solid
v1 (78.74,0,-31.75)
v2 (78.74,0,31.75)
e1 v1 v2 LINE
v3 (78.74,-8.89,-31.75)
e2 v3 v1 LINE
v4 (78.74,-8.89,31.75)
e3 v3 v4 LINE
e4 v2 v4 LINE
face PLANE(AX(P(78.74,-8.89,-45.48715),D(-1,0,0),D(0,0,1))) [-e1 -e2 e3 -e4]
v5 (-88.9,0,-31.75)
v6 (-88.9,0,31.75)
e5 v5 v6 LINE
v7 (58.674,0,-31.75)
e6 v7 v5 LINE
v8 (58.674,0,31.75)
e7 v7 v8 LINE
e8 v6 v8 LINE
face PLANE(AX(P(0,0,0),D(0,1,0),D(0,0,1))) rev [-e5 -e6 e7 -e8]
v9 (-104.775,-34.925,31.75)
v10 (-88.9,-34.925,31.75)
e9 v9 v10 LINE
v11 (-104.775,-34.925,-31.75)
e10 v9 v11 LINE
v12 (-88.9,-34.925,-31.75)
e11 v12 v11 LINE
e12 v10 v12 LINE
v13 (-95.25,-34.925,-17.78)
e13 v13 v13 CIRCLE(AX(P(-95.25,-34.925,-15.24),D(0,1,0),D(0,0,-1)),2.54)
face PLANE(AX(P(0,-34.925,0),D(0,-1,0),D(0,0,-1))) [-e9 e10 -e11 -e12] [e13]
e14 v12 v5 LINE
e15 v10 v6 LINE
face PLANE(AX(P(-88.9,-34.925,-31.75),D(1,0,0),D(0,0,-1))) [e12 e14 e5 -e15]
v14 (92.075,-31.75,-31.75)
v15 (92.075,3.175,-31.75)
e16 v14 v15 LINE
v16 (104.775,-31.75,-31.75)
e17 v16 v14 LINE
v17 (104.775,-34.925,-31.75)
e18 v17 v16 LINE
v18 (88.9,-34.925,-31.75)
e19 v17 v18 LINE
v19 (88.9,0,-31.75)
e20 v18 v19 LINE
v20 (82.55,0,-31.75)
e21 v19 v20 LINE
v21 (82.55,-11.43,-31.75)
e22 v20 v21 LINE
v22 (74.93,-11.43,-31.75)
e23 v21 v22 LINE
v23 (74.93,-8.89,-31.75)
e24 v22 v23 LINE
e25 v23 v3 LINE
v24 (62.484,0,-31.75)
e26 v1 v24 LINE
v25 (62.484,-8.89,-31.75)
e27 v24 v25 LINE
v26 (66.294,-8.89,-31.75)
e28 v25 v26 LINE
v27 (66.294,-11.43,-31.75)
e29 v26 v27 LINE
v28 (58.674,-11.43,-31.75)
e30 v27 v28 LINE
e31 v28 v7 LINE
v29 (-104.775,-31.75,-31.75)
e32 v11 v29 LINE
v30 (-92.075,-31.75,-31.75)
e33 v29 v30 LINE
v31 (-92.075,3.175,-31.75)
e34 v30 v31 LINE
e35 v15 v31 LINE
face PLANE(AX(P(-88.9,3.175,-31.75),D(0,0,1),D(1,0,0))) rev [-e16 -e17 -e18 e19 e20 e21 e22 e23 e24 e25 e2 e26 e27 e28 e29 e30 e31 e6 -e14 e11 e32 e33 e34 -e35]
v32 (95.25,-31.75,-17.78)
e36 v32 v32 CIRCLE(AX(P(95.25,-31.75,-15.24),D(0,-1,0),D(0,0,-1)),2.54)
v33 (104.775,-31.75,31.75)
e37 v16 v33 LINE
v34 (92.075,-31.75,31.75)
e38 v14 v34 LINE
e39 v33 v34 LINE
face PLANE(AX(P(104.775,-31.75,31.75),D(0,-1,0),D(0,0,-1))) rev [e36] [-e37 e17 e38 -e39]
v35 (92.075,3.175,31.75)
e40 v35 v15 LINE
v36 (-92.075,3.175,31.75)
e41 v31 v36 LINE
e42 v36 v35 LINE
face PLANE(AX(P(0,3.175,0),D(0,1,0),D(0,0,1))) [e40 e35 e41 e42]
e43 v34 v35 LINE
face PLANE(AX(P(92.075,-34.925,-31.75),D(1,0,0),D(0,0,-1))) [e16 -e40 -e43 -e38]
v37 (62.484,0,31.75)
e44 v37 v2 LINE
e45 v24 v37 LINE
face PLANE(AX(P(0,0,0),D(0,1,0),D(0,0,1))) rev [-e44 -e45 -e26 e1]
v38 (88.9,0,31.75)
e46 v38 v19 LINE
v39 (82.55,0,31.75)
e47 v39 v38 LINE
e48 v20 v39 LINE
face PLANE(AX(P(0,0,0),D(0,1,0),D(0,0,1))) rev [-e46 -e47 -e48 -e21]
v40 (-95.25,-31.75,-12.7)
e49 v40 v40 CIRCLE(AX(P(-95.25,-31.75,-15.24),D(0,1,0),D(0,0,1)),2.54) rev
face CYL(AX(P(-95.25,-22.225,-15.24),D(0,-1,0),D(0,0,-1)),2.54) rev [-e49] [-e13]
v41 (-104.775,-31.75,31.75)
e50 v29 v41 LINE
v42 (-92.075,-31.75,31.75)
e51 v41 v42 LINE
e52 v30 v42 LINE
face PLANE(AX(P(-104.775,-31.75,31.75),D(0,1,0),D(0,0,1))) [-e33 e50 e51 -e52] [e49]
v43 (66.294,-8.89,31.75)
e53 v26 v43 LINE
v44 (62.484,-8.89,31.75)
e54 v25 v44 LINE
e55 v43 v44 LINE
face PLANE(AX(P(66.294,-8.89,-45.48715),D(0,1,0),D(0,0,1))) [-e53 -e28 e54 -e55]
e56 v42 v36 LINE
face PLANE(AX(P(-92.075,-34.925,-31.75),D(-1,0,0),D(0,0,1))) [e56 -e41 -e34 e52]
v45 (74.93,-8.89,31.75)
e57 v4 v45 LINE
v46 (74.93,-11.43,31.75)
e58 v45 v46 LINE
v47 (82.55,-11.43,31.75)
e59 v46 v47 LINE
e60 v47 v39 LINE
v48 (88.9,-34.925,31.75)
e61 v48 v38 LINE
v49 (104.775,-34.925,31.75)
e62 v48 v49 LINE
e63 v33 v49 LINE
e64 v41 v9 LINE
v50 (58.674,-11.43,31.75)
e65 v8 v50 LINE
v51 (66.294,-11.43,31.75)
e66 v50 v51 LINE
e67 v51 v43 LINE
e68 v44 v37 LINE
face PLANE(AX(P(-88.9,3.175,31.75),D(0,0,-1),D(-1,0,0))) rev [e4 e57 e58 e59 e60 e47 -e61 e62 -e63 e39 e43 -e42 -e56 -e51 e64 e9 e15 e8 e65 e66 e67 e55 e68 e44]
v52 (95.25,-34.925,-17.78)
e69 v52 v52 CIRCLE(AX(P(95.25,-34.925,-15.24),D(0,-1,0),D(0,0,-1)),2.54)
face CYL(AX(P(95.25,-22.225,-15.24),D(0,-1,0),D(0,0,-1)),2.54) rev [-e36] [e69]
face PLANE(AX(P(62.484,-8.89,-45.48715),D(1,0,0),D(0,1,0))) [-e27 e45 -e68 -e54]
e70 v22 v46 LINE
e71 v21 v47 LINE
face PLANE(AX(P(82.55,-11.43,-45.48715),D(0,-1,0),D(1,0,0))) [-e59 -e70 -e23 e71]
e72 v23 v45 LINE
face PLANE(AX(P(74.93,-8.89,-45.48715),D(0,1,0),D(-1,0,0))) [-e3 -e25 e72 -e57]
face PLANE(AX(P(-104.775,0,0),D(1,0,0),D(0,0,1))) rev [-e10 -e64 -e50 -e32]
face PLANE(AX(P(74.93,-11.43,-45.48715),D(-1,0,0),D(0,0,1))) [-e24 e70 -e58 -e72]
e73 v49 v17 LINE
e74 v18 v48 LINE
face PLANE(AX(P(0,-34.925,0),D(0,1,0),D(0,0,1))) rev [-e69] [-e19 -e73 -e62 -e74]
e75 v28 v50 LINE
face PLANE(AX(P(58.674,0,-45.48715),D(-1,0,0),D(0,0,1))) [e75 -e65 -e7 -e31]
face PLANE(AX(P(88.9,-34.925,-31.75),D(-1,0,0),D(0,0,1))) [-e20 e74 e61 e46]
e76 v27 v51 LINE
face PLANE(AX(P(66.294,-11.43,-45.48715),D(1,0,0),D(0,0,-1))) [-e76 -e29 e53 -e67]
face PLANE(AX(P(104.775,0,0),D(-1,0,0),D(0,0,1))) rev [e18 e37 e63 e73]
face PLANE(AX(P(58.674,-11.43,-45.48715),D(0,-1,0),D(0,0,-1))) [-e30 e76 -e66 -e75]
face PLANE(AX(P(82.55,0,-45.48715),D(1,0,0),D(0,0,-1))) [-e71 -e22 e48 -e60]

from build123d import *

# Parameters (mm, degrees)
SKETCH1_W           = 177.8
SKETCH1_H           = 63.5
BOSS_EXTRUDE1_DEPTH = 3.175
SKETCH3_W           = 3.175
SKETCH3_H           = 63.5
BOSS_EXTRUDE2_DEPTH = 38.1
SKETCH4_W           = 63.5
SKETCH4_H           = 3.175
BOSS_EXTRUDE3_DEPTH = 12.7
SKETCH5_R           = 2.54
CUT_EXTRUDE1_DEPTH  = 12.7
BOSS_EXTRUDE4_DEPTH = 63.5


with BuildPart() as part:
    # Sketch1 → Boss-Extrude1 (new body)
    with BuildSketch(Plane(origin=(0, 0, 0), x_dir=(1, 0, 0), z_dir=(0, 1, 0))):
        Rectangle(SKETCH1_W, SKETCH1_H)
    extrude(amount=BOSS_EXTRUDE1_DEPTH)

    # Sketch3 → Boss-Extrude2 (add)
    with BuildSketch(Plane(origin=(0, 3.175, 0), x_dir=(1, 0, 0), z_dir=(0, 1, 0))):
        with Locations((-90.4875, 0)):
            Rectangle(SKETCH3_W, SKETCH3_H)
        with Locations((90.4875, 0)):
            Rectangle(SKETCH3_W, SKETCH3_H)
    extrude(amount=-BOSS_EXTRUDE2_DEPTH)

    # Sketch4 → Boss-Extrude3 (add)
    with BuildSketch(Plane(origin=(92.075, 0, 0), x_dir=(0, 0, -1), z_dir=(1, 0, 0))):
        with Locations((0, -33.3375)):
            Rectangle(SKETCH4_W, SKETCH4_H)
    boss_extrude3 = extrude(amount=BOSS_EXTRUDE3_DEPTH)

    # Sketch5 → Cut-Extrude1 (cut)
    with BuildSketch(Plane.XZ.offset(34.925)):
        with Locations(Location((95.25, -15.24, 0), (0, 0, 270))):
            Circle(SKETCH5_R)
    cut_extrude1 = extrude(amount=-CUT_EXTRUDE1_DEPTH, mode=Mode.SUBTRACT)

    # Mirror1: Boss-Extrude3, Cut-Extrude1 across plane
    add(boss_extrude3.mirror(Plane(origin=(0, 0, 0), x_dir=(0, 0, 1), z_dir=(1, 0, 0))))
    add(cut_extrude1.mirror(Plane(origin=(0, 0, 0), x_dir=(0, 0, 1), z_dir=(1, 0, 0))), mode=Mode.SUBTRACT)

    # Sketch6 → Boss-Extrude4 (add)
    with BuildSketch(Plane.XY.offset(31.75)):
        Polygon((58.674, 0), (58.674, -11.43), (66.294, -11.43), (66.294, -8.89), (62.484, -8.89), (62.484, 0), align=None)
        Polygon((82.55, 0), (82.55, -11.43), (74.93, -11.43), (74.93, -8.89), (78.74, -8.89), (78.74, 0), align=None)
    extrude(amount=-BOSS_EXTRUDE4_DEPTH)


solid = part.part
